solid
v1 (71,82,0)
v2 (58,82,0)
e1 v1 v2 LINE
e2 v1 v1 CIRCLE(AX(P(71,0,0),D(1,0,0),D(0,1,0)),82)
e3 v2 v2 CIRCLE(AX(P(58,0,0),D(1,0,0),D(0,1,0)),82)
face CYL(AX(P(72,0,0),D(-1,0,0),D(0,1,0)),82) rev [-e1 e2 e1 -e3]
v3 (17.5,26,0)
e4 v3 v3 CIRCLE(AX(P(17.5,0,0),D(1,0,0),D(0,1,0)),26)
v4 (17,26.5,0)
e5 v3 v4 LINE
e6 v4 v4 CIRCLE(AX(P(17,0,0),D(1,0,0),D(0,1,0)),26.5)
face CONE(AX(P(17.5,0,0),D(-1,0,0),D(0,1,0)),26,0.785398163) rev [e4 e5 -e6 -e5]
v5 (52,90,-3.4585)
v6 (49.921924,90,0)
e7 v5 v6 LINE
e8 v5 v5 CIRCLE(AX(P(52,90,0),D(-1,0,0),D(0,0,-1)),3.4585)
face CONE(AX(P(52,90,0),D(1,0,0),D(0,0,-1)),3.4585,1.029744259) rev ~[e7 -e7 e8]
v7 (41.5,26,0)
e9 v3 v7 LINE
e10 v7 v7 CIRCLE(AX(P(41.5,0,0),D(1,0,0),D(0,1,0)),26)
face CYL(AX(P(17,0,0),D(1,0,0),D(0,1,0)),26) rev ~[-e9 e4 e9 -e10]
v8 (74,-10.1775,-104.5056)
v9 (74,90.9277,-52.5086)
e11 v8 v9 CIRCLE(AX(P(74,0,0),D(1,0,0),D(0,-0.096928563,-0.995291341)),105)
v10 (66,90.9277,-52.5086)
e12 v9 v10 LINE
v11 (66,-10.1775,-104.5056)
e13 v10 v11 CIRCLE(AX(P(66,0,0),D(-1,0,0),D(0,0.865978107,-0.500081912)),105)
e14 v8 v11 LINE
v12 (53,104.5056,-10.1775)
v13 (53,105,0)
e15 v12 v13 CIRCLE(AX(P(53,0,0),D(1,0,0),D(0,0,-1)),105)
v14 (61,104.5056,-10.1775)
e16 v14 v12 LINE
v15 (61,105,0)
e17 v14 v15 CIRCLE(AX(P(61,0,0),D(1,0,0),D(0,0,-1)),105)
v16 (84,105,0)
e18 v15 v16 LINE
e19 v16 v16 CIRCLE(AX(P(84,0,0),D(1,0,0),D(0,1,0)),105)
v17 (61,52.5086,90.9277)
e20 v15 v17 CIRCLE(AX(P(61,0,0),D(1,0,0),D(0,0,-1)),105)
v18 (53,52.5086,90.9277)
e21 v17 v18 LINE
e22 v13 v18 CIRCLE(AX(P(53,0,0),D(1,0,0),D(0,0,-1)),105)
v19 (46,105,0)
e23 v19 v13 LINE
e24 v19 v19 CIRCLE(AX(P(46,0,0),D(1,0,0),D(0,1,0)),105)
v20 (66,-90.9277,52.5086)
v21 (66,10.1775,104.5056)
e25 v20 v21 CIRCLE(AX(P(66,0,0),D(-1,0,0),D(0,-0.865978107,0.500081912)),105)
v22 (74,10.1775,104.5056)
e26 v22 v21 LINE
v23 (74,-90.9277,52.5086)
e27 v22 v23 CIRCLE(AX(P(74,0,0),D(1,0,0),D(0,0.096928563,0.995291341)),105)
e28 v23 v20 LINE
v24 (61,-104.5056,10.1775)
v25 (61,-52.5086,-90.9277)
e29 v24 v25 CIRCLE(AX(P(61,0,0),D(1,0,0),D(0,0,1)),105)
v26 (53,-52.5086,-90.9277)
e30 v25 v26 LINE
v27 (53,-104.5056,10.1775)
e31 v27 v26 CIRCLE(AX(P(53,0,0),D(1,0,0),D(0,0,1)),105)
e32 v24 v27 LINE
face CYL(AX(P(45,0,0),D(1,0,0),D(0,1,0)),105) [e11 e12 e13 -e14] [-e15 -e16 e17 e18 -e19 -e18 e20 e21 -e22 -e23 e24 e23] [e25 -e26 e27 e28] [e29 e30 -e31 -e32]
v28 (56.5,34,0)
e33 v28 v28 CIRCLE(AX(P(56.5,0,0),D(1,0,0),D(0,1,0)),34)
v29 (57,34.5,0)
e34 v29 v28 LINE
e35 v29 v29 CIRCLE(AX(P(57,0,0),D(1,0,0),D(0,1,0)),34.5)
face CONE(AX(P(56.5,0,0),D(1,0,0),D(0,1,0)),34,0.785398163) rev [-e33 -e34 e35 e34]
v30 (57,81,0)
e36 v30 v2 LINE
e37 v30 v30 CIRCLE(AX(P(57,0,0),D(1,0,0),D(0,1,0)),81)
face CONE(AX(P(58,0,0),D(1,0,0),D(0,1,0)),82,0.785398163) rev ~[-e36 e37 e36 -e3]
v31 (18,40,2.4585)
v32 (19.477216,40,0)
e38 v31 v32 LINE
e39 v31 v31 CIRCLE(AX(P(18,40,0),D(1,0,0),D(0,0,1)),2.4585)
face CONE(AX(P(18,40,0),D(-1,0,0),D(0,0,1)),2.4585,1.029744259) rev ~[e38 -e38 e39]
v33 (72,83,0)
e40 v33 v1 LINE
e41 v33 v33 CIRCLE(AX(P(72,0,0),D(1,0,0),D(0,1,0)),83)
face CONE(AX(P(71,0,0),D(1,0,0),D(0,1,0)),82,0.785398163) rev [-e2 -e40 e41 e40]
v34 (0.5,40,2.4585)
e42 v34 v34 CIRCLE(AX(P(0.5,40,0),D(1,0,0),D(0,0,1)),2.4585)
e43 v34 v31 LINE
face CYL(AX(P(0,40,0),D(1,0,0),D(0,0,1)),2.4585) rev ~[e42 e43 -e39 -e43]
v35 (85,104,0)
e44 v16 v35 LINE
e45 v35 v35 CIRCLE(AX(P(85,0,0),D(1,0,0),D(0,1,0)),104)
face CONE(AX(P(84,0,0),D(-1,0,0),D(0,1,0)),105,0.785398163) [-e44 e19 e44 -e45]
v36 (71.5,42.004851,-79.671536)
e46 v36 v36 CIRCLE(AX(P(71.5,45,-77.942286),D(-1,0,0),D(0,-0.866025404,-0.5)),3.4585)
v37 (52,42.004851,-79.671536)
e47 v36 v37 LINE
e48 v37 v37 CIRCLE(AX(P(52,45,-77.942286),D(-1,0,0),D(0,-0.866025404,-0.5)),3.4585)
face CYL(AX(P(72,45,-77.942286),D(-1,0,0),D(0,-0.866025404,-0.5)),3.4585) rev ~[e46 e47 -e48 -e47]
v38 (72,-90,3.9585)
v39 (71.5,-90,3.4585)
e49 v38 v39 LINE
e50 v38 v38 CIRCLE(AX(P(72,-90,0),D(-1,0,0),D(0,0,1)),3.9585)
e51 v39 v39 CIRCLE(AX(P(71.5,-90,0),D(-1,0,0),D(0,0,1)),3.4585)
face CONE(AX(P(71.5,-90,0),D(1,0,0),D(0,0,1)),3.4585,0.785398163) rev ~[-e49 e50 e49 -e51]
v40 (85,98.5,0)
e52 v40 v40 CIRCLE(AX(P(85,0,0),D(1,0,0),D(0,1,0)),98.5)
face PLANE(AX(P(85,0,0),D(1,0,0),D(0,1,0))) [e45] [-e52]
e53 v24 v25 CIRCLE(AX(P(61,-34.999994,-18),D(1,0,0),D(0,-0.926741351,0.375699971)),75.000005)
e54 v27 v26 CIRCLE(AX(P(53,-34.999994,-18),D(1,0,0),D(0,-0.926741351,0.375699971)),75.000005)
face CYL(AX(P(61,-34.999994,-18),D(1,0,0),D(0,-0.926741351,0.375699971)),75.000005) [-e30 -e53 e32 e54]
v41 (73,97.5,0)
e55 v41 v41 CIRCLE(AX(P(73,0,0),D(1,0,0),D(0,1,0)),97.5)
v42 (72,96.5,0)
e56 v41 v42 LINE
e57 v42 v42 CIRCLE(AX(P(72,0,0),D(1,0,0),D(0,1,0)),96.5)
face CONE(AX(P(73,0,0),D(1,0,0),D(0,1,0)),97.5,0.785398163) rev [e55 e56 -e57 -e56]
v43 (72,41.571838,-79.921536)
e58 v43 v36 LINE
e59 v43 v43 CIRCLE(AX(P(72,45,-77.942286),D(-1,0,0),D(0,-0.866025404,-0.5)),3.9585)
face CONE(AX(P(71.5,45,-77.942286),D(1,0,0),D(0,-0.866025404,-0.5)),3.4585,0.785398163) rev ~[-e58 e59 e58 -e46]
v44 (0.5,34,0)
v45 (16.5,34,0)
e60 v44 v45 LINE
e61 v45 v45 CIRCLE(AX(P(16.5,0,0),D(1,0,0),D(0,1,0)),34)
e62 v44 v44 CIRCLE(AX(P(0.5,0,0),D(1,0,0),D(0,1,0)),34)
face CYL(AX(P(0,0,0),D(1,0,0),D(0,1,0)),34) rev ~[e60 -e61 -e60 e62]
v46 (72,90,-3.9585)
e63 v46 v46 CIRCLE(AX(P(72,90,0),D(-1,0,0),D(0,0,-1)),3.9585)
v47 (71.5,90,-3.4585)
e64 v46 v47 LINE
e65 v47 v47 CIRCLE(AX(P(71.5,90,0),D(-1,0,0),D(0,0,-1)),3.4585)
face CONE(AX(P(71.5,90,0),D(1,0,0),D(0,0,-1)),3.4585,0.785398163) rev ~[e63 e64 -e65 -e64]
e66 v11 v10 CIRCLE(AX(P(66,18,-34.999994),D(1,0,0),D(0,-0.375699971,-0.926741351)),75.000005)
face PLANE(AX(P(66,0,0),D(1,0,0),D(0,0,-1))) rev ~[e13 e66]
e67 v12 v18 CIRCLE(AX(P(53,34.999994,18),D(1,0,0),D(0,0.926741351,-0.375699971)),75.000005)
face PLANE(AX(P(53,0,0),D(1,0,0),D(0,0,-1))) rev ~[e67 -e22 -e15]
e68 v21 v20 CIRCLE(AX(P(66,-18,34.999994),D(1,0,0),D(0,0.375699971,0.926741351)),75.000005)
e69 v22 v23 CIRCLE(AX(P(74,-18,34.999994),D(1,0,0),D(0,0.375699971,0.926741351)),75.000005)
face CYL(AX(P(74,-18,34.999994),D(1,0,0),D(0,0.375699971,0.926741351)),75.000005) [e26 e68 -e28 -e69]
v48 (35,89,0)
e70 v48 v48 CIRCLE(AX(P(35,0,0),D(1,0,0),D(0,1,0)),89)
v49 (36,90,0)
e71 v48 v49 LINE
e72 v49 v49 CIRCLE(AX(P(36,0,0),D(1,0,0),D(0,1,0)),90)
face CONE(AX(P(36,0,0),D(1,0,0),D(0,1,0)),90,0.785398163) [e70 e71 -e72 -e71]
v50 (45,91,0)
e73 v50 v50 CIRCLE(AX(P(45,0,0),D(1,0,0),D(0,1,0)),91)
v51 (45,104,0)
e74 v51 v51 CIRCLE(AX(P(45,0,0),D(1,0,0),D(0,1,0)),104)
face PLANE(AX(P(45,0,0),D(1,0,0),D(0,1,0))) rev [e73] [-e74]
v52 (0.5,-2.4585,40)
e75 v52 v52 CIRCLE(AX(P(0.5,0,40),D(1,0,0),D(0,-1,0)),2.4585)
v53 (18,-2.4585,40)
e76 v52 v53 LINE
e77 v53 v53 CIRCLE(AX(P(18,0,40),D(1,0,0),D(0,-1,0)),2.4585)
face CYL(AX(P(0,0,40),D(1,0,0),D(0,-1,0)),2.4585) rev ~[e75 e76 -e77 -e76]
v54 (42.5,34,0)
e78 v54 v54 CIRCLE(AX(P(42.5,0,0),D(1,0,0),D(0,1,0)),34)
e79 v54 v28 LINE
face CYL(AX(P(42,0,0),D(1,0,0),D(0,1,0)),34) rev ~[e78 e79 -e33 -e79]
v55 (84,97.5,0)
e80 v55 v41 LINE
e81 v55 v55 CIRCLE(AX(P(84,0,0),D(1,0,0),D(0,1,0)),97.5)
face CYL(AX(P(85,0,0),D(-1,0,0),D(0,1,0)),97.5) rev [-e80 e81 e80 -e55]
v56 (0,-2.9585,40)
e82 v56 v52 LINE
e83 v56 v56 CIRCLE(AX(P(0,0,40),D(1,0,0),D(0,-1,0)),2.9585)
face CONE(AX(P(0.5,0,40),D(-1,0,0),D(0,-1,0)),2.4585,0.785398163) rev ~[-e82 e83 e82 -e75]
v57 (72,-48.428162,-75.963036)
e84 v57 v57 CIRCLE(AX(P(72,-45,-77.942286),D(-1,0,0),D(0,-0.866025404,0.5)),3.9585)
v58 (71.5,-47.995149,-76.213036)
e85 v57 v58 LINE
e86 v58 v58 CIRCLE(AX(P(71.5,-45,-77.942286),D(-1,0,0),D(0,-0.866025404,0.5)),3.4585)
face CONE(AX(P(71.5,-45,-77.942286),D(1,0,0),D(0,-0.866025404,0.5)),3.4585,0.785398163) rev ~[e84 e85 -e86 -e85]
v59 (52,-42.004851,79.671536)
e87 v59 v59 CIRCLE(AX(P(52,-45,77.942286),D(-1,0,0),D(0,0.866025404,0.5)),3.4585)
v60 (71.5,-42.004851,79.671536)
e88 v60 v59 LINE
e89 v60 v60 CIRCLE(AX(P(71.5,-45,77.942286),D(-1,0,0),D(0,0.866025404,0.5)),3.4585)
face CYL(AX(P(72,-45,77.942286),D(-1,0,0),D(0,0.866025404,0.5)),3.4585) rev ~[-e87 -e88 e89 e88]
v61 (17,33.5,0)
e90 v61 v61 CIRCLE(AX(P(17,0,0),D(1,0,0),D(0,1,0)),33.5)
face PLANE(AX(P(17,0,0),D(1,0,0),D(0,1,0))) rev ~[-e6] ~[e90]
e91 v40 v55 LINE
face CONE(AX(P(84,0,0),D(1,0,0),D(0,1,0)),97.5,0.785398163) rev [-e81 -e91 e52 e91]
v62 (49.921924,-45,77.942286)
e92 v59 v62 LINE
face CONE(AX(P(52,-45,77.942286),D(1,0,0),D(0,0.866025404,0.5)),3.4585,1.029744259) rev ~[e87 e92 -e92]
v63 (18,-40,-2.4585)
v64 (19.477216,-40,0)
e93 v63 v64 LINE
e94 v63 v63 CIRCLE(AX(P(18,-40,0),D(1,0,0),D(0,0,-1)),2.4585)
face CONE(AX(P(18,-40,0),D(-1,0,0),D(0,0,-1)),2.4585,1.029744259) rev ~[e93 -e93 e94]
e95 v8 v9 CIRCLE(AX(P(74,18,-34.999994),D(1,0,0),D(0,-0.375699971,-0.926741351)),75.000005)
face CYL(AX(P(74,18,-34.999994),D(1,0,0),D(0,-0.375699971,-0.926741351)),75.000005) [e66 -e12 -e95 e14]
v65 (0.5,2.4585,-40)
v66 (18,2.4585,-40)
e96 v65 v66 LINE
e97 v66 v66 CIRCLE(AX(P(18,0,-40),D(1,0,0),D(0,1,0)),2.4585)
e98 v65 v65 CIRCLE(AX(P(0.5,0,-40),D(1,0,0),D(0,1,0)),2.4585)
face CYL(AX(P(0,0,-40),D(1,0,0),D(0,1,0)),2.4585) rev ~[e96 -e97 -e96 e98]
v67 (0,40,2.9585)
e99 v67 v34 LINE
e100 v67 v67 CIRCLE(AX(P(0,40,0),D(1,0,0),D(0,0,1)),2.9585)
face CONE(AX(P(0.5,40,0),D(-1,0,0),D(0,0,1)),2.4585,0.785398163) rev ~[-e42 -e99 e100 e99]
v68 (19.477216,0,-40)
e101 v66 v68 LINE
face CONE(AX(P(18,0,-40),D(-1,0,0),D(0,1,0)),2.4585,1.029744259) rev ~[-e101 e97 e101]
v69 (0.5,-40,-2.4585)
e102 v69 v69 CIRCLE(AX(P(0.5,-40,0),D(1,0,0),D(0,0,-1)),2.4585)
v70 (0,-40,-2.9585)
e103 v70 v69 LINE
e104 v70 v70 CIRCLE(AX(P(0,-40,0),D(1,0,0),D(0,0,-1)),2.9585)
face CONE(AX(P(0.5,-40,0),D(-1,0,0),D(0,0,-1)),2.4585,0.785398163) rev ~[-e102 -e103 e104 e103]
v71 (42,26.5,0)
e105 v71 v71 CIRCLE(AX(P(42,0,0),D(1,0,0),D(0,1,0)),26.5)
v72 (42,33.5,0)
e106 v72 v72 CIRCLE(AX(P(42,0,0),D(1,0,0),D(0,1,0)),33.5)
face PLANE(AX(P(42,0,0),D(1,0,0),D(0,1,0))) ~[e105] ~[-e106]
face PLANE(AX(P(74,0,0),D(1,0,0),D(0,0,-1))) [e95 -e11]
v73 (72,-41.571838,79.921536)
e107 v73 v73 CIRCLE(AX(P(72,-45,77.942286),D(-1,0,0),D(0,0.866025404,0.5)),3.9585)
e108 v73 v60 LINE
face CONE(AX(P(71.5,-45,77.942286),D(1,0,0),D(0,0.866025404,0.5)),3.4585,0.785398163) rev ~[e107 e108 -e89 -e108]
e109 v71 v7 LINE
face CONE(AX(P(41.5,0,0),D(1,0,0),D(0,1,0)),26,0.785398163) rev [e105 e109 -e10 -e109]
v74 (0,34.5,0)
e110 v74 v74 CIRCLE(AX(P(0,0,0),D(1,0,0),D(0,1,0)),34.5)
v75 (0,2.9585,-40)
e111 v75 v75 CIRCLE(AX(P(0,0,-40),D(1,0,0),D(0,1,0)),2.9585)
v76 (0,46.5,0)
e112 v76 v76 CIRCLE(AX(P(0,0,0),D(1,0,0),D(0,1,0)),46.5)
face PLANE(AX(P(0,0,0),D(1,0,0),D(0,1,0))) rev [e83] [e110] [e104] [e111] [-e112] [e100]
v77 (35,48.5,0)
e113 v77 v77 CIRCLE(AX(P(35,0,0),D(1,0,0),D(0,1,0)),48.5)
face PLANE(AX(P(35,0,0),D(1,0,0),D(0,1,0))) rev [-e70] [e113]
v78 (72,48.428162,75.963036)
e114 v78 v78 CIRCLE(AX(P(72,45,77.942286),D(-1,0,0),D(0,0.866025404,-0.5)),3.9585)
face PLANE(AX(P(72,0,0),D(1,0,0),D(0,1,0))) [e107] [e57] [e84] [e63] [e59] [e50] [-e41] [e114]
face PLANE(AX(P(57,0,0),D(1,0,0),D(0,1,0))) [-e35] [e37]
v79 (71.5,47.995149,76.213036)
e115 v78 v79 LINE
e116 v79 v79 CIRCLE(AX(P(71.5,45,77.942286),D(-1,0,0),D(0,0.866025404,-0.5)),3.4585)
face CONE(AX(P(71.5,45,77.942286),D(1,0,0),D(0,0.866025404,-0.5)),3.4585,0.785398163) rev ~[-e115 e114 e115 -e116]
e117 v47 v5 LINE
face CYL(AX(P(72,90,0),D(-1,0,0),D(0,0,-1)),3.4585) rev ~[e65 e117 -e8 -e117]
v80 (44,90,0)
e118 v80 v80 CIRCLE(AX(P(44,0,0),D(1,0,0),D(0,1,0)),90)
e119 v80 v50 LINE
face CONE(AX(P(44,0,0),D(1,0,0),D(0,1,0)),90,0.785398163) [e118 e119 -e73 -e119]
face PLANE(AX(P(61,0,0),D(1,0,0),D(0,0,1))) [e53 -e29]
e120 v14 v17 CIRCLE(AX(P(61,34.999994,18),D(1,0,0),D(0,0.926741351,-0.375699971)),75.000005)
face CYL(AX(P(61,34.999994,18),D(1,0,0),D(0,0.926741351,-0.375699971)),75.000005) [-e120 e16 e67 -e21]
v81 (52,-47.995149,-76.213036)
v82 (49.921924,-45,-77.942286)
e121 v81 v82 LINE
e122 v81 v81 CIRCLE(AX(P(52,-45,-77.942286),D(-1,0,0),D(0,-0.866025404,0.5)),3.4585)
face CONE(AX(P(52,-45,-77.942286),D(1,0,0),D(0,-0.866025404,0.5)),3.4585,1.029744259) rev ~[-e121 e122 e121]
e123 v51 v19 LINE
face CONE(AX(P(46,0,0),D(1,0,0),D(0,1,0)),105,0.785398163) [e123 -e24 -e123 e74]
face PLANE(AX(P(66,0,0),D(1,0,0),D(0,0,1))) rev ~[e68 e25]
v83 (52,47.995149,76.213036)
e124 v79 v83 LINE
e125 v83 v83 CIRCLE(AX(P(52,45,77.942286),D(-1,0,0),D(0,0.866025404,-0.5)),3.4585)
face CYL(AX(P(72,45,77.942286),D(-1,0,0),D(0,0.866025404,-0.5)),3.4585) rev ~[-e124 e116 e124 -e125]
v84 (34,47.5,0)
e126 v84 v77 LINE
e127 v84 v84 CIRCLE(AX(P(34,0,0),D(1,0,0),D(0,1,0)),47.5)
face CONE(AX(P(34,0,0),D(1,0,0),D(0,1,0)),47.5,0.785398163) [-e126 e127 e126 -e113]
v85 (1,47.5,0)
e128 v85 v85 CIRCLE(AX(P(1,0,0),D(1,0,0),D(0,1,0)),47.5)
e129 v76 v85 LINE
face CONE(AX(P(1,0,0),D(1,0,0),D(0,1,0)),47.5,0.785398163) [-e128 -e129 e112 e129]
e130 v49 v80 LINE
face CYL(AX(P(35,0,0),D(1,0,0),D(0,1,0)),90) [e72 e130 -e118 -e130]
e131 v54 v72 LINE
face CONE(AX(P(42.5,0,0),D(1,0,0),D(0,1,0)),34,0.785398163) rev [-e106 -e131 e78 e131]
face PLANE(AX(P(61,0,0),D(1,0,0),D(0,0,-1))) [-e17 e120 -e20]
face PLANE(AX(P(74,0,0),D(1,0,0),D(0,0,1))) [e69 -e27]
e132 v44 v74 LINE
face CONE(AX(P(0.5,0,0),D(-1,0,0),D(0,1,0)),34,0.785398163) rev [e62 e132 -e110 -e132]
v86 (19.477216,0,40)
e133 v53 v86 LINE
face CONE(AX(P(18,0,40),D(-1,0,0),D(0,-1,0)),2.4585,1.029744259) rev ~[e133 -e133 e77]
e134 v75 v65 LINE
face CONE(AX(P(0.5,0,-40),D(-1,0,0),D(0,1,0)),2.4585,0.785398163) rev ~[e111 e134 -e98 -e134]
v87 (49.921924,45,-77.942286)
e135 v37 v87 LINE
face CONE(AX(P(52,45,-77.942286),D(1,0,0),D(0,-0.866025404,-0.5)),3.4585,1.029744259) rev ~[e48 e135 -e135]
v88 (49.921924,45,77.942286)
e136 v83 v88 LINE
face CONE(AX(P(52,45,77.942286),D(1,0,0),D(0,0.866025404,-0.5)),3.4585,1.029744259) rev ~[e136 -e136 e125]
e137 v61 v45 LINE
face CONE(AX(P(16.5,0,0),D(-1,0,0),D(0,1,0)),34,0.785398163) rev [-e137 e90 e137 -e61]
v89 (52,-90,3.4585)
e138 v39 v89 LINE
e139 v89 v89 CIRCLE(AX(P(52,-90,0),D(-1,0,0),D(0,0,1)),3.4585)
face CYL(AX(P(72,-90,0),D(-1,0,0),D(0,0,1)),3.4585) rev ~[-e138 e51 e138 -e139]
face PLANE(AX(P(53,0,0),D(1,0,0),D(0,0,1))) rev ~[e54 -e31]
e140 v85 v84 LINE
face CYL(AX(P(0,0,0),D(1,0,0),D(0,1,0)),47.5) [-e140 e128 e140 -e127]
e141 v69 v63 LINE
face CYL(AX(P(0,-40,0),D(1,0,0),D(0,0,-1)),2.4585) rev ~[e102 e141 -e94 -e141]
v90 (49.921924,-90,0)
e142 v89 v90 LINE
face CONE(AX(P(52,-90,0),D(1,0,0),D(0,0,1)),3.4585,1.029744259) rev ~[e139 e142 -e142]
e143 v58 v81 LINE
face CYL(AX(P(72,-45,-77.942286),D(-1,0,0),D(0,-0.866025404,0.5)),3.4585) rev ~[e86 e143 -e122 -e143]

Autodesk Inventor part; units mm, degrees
ref_plane "YZ Plane" through (0, 0, 0) normal (1, 0, 0) x (0, 1, 0)
sketch "Esboço1" plane through (0, 0, 0) normal (0, 0, 1) x (1, 0, 0)
  line L0 (0, 0) -> (100, 0)
  line L1 (0, 0) -> (0, 47.5)
  line L2 (0, 47.5) -> (35, 47.5)
  line L3 (35, 47.5) -> (35, 90)
  line L4 (35, 90) -> (45, 90)
  line L5 (45, 90) -> (45, 105)
  line L6 (45, 105) -> (85, 105)
  line L7 (85, 105) -> (85, 0)
  line L8 (85, 0) -> (0, 0)
  point P0 (85, 0)
  dimension "d0" = 100
  dimension "d1" = 95
  dimension "d2" = 180
  dimension "d3" = 210
  dimension "d4" = 35
  dimension "d5" = 10
  dimension "d6" = 40
revolve "Revolução1" add sketch "Esboço1" angle 360 about axis through (0, 0, 0) along (1, 0, 0)
sketch "Esboço2" plane through (0, 0, 0) normal (0, 0, 1) x (1, 0, 0)
  line L0 (0, 0) -> (85, 0)
  line L1 (85, -105) -> (85, 105) projected
  line L2 (85, 0) -> (85, 97.5)
  line L3 (85, 97.5) -> (72, 97.5)
  line L4 (72, 97.5) -> (72, 82)
  line L5 (72, 82) -> (57, 82)
  line L6 (57, 82) -> (57, 0)
  line L7 (85, 0) -> (57, 0)
  dimension "d8" = 195
  dimension "d9" = 164
  dimension "d10" = 13
  dimension "d11" = 28
revolve "Revolução2" cut sketch "Esboço2" angle 360 about axis through (0, 0, 0) along (1, 0, 0)
sketch "Esboço3" plane through (0, 0, 0) normal (0, 0, 1) x (1, 0, 0)
  line L0 (0, 0) -> (57, 0)
  line L1 (57, 82) -> (57, -82) projected
  line L2 (0, 0) -> (0, 34)
  line L3 (0, -47.5) -> (0, 47.5) projected
  line L4 (0, 34) -> (17, 34)
  line L5 (17, 34) -> (17, 26)
  line L6 (17, 26) -> (42, 26)
  line L7 (42, 26) -> (42, 34)
  line L8 (42, 34) -> (57, 34)
  line L9 (57, 34) -> (57, 0)
  dimension "d13" = 68
  dimension "d14" = 52
  dimension "d15" = 17
  dimension "d16" = 15
revolve "Revolução3" cut sketch "Esboço3" angle 360 about axis through (0, 0, 0) along (1, 0, 0)
ref_plane "Plano de trabalho1" through (74, 0, 0) normal (1, 0, 0) x (0, 0, -1)
sketch "Esboço4" plane through (74, 0, 0) normal (1, 0, 0) x (0, 0, -1)
  arc A0 (104.5056, -10.1775) -> (52.5086, 90.9277) centre (35, 18) ccw
  circle A1 centre (0, 0) radius 105 projected
  dimension "d19" = 150
  dimension "d20" = 18
  dimension "d21" = 35
extrude "Extrusão1" add sketch "Esboço4" against normal blind 8 contours A1 A0
pattern_circular "Padrão circular1" count 2 over 360 about axis through (65, 0, 0) along (1, 0, 0) of "Extrusão1"
ref_plane "Plano de trabalho2" through (61, 0, 0) normal (1, 0, 0) x (0, 0, -1)
sketch "Esboço5" plane through (61, 0, 0) normal (1, 0, 0) x (0, 0, -1)
  arc A0 (10.1775, 104.5056) -> (-90.9277, 52.5086) centre (-18, 35) ccw
  circle A1 centre (0, 0) radius 105 projected
  dimension "d28" = 18
  dimension "d29" = 35
  dimension "d30" = 150
extrude "Extrusão2" add sketch "Esboço5" against normal blind 8 contours A1 A0
pattern_circular "Padrão circular2" count 2 over 360 about axis through (-10, 0, 0) along (1, 0, 0) of "Extrusão2"
sketch "Esboço6" plane through (0, 0, 0) normal (-1, 0, 0) x (0, 0, 1)
  circle A0 centre (0, 0) radius 34 projected
  point P0 (0, 40)
  dimension "d36" = 40
hole "Furo1" at (0, 40, 0) direction (1, 0, 0) diameter 4.917 depth 18 tip angle 118 thread size "M6x1" class "6H" standard "ANSI Metric M Profile"
chamfer "Chanfro1" distance 0.5 angle 45 1 edges at (0, 40, -2.4585)
pattern_circular "Padrão circular3" count 4 over 360 about axis through (-10, 0, 0) along (1, 0, 0) of "Furo1", "Chanfro1"
sketch "Esboço7" plane through (72, 0, 0) normal (1, 0, 0) x (0, 0, -1)
  circle A0 centre (0, 0) radius 82 projected
  point P0 (0, 90)
  dimension "d50" = 90
hole "Furo2" at (72, 90, 0) direction (-1, 0, 0) diameter 6.917 depth 20 tip angle 118 thread size "M8x1" class "6H" standard "ANSI Metric M Profile"
chamfer "Chanfro2" distance 0.5 angle 45 1 edges at (72, 90, 3.4585)
pattern_circular "Padrão circular4" count 6 over 360 about axis through (-10, 0, 0) along (1, 0, 0) of "Furo2", "Chanfro2"
chamfer "Chanfro3" distance 0.5 angle 45 5 edges at (57, -34, 0) (42, -34, 0) (42, -26, 0) (17, -26, 0) (17, -34, 0)
chamfer "Chanfro4" distance 0.5 angle 45 1 edges at (0, -34, 0)
chamfer "Chanfro5" distance 1 angle 45 10 edges at (0, -47.5, 0) (35, -47.5, 0) (35, -90, 0) (45, -90, 0) (45, -105, 0) (85, -105, 0) (85, -97.5, 0) (72, -97.5, 0) (72, -82, 0) (57, -82, 0)
